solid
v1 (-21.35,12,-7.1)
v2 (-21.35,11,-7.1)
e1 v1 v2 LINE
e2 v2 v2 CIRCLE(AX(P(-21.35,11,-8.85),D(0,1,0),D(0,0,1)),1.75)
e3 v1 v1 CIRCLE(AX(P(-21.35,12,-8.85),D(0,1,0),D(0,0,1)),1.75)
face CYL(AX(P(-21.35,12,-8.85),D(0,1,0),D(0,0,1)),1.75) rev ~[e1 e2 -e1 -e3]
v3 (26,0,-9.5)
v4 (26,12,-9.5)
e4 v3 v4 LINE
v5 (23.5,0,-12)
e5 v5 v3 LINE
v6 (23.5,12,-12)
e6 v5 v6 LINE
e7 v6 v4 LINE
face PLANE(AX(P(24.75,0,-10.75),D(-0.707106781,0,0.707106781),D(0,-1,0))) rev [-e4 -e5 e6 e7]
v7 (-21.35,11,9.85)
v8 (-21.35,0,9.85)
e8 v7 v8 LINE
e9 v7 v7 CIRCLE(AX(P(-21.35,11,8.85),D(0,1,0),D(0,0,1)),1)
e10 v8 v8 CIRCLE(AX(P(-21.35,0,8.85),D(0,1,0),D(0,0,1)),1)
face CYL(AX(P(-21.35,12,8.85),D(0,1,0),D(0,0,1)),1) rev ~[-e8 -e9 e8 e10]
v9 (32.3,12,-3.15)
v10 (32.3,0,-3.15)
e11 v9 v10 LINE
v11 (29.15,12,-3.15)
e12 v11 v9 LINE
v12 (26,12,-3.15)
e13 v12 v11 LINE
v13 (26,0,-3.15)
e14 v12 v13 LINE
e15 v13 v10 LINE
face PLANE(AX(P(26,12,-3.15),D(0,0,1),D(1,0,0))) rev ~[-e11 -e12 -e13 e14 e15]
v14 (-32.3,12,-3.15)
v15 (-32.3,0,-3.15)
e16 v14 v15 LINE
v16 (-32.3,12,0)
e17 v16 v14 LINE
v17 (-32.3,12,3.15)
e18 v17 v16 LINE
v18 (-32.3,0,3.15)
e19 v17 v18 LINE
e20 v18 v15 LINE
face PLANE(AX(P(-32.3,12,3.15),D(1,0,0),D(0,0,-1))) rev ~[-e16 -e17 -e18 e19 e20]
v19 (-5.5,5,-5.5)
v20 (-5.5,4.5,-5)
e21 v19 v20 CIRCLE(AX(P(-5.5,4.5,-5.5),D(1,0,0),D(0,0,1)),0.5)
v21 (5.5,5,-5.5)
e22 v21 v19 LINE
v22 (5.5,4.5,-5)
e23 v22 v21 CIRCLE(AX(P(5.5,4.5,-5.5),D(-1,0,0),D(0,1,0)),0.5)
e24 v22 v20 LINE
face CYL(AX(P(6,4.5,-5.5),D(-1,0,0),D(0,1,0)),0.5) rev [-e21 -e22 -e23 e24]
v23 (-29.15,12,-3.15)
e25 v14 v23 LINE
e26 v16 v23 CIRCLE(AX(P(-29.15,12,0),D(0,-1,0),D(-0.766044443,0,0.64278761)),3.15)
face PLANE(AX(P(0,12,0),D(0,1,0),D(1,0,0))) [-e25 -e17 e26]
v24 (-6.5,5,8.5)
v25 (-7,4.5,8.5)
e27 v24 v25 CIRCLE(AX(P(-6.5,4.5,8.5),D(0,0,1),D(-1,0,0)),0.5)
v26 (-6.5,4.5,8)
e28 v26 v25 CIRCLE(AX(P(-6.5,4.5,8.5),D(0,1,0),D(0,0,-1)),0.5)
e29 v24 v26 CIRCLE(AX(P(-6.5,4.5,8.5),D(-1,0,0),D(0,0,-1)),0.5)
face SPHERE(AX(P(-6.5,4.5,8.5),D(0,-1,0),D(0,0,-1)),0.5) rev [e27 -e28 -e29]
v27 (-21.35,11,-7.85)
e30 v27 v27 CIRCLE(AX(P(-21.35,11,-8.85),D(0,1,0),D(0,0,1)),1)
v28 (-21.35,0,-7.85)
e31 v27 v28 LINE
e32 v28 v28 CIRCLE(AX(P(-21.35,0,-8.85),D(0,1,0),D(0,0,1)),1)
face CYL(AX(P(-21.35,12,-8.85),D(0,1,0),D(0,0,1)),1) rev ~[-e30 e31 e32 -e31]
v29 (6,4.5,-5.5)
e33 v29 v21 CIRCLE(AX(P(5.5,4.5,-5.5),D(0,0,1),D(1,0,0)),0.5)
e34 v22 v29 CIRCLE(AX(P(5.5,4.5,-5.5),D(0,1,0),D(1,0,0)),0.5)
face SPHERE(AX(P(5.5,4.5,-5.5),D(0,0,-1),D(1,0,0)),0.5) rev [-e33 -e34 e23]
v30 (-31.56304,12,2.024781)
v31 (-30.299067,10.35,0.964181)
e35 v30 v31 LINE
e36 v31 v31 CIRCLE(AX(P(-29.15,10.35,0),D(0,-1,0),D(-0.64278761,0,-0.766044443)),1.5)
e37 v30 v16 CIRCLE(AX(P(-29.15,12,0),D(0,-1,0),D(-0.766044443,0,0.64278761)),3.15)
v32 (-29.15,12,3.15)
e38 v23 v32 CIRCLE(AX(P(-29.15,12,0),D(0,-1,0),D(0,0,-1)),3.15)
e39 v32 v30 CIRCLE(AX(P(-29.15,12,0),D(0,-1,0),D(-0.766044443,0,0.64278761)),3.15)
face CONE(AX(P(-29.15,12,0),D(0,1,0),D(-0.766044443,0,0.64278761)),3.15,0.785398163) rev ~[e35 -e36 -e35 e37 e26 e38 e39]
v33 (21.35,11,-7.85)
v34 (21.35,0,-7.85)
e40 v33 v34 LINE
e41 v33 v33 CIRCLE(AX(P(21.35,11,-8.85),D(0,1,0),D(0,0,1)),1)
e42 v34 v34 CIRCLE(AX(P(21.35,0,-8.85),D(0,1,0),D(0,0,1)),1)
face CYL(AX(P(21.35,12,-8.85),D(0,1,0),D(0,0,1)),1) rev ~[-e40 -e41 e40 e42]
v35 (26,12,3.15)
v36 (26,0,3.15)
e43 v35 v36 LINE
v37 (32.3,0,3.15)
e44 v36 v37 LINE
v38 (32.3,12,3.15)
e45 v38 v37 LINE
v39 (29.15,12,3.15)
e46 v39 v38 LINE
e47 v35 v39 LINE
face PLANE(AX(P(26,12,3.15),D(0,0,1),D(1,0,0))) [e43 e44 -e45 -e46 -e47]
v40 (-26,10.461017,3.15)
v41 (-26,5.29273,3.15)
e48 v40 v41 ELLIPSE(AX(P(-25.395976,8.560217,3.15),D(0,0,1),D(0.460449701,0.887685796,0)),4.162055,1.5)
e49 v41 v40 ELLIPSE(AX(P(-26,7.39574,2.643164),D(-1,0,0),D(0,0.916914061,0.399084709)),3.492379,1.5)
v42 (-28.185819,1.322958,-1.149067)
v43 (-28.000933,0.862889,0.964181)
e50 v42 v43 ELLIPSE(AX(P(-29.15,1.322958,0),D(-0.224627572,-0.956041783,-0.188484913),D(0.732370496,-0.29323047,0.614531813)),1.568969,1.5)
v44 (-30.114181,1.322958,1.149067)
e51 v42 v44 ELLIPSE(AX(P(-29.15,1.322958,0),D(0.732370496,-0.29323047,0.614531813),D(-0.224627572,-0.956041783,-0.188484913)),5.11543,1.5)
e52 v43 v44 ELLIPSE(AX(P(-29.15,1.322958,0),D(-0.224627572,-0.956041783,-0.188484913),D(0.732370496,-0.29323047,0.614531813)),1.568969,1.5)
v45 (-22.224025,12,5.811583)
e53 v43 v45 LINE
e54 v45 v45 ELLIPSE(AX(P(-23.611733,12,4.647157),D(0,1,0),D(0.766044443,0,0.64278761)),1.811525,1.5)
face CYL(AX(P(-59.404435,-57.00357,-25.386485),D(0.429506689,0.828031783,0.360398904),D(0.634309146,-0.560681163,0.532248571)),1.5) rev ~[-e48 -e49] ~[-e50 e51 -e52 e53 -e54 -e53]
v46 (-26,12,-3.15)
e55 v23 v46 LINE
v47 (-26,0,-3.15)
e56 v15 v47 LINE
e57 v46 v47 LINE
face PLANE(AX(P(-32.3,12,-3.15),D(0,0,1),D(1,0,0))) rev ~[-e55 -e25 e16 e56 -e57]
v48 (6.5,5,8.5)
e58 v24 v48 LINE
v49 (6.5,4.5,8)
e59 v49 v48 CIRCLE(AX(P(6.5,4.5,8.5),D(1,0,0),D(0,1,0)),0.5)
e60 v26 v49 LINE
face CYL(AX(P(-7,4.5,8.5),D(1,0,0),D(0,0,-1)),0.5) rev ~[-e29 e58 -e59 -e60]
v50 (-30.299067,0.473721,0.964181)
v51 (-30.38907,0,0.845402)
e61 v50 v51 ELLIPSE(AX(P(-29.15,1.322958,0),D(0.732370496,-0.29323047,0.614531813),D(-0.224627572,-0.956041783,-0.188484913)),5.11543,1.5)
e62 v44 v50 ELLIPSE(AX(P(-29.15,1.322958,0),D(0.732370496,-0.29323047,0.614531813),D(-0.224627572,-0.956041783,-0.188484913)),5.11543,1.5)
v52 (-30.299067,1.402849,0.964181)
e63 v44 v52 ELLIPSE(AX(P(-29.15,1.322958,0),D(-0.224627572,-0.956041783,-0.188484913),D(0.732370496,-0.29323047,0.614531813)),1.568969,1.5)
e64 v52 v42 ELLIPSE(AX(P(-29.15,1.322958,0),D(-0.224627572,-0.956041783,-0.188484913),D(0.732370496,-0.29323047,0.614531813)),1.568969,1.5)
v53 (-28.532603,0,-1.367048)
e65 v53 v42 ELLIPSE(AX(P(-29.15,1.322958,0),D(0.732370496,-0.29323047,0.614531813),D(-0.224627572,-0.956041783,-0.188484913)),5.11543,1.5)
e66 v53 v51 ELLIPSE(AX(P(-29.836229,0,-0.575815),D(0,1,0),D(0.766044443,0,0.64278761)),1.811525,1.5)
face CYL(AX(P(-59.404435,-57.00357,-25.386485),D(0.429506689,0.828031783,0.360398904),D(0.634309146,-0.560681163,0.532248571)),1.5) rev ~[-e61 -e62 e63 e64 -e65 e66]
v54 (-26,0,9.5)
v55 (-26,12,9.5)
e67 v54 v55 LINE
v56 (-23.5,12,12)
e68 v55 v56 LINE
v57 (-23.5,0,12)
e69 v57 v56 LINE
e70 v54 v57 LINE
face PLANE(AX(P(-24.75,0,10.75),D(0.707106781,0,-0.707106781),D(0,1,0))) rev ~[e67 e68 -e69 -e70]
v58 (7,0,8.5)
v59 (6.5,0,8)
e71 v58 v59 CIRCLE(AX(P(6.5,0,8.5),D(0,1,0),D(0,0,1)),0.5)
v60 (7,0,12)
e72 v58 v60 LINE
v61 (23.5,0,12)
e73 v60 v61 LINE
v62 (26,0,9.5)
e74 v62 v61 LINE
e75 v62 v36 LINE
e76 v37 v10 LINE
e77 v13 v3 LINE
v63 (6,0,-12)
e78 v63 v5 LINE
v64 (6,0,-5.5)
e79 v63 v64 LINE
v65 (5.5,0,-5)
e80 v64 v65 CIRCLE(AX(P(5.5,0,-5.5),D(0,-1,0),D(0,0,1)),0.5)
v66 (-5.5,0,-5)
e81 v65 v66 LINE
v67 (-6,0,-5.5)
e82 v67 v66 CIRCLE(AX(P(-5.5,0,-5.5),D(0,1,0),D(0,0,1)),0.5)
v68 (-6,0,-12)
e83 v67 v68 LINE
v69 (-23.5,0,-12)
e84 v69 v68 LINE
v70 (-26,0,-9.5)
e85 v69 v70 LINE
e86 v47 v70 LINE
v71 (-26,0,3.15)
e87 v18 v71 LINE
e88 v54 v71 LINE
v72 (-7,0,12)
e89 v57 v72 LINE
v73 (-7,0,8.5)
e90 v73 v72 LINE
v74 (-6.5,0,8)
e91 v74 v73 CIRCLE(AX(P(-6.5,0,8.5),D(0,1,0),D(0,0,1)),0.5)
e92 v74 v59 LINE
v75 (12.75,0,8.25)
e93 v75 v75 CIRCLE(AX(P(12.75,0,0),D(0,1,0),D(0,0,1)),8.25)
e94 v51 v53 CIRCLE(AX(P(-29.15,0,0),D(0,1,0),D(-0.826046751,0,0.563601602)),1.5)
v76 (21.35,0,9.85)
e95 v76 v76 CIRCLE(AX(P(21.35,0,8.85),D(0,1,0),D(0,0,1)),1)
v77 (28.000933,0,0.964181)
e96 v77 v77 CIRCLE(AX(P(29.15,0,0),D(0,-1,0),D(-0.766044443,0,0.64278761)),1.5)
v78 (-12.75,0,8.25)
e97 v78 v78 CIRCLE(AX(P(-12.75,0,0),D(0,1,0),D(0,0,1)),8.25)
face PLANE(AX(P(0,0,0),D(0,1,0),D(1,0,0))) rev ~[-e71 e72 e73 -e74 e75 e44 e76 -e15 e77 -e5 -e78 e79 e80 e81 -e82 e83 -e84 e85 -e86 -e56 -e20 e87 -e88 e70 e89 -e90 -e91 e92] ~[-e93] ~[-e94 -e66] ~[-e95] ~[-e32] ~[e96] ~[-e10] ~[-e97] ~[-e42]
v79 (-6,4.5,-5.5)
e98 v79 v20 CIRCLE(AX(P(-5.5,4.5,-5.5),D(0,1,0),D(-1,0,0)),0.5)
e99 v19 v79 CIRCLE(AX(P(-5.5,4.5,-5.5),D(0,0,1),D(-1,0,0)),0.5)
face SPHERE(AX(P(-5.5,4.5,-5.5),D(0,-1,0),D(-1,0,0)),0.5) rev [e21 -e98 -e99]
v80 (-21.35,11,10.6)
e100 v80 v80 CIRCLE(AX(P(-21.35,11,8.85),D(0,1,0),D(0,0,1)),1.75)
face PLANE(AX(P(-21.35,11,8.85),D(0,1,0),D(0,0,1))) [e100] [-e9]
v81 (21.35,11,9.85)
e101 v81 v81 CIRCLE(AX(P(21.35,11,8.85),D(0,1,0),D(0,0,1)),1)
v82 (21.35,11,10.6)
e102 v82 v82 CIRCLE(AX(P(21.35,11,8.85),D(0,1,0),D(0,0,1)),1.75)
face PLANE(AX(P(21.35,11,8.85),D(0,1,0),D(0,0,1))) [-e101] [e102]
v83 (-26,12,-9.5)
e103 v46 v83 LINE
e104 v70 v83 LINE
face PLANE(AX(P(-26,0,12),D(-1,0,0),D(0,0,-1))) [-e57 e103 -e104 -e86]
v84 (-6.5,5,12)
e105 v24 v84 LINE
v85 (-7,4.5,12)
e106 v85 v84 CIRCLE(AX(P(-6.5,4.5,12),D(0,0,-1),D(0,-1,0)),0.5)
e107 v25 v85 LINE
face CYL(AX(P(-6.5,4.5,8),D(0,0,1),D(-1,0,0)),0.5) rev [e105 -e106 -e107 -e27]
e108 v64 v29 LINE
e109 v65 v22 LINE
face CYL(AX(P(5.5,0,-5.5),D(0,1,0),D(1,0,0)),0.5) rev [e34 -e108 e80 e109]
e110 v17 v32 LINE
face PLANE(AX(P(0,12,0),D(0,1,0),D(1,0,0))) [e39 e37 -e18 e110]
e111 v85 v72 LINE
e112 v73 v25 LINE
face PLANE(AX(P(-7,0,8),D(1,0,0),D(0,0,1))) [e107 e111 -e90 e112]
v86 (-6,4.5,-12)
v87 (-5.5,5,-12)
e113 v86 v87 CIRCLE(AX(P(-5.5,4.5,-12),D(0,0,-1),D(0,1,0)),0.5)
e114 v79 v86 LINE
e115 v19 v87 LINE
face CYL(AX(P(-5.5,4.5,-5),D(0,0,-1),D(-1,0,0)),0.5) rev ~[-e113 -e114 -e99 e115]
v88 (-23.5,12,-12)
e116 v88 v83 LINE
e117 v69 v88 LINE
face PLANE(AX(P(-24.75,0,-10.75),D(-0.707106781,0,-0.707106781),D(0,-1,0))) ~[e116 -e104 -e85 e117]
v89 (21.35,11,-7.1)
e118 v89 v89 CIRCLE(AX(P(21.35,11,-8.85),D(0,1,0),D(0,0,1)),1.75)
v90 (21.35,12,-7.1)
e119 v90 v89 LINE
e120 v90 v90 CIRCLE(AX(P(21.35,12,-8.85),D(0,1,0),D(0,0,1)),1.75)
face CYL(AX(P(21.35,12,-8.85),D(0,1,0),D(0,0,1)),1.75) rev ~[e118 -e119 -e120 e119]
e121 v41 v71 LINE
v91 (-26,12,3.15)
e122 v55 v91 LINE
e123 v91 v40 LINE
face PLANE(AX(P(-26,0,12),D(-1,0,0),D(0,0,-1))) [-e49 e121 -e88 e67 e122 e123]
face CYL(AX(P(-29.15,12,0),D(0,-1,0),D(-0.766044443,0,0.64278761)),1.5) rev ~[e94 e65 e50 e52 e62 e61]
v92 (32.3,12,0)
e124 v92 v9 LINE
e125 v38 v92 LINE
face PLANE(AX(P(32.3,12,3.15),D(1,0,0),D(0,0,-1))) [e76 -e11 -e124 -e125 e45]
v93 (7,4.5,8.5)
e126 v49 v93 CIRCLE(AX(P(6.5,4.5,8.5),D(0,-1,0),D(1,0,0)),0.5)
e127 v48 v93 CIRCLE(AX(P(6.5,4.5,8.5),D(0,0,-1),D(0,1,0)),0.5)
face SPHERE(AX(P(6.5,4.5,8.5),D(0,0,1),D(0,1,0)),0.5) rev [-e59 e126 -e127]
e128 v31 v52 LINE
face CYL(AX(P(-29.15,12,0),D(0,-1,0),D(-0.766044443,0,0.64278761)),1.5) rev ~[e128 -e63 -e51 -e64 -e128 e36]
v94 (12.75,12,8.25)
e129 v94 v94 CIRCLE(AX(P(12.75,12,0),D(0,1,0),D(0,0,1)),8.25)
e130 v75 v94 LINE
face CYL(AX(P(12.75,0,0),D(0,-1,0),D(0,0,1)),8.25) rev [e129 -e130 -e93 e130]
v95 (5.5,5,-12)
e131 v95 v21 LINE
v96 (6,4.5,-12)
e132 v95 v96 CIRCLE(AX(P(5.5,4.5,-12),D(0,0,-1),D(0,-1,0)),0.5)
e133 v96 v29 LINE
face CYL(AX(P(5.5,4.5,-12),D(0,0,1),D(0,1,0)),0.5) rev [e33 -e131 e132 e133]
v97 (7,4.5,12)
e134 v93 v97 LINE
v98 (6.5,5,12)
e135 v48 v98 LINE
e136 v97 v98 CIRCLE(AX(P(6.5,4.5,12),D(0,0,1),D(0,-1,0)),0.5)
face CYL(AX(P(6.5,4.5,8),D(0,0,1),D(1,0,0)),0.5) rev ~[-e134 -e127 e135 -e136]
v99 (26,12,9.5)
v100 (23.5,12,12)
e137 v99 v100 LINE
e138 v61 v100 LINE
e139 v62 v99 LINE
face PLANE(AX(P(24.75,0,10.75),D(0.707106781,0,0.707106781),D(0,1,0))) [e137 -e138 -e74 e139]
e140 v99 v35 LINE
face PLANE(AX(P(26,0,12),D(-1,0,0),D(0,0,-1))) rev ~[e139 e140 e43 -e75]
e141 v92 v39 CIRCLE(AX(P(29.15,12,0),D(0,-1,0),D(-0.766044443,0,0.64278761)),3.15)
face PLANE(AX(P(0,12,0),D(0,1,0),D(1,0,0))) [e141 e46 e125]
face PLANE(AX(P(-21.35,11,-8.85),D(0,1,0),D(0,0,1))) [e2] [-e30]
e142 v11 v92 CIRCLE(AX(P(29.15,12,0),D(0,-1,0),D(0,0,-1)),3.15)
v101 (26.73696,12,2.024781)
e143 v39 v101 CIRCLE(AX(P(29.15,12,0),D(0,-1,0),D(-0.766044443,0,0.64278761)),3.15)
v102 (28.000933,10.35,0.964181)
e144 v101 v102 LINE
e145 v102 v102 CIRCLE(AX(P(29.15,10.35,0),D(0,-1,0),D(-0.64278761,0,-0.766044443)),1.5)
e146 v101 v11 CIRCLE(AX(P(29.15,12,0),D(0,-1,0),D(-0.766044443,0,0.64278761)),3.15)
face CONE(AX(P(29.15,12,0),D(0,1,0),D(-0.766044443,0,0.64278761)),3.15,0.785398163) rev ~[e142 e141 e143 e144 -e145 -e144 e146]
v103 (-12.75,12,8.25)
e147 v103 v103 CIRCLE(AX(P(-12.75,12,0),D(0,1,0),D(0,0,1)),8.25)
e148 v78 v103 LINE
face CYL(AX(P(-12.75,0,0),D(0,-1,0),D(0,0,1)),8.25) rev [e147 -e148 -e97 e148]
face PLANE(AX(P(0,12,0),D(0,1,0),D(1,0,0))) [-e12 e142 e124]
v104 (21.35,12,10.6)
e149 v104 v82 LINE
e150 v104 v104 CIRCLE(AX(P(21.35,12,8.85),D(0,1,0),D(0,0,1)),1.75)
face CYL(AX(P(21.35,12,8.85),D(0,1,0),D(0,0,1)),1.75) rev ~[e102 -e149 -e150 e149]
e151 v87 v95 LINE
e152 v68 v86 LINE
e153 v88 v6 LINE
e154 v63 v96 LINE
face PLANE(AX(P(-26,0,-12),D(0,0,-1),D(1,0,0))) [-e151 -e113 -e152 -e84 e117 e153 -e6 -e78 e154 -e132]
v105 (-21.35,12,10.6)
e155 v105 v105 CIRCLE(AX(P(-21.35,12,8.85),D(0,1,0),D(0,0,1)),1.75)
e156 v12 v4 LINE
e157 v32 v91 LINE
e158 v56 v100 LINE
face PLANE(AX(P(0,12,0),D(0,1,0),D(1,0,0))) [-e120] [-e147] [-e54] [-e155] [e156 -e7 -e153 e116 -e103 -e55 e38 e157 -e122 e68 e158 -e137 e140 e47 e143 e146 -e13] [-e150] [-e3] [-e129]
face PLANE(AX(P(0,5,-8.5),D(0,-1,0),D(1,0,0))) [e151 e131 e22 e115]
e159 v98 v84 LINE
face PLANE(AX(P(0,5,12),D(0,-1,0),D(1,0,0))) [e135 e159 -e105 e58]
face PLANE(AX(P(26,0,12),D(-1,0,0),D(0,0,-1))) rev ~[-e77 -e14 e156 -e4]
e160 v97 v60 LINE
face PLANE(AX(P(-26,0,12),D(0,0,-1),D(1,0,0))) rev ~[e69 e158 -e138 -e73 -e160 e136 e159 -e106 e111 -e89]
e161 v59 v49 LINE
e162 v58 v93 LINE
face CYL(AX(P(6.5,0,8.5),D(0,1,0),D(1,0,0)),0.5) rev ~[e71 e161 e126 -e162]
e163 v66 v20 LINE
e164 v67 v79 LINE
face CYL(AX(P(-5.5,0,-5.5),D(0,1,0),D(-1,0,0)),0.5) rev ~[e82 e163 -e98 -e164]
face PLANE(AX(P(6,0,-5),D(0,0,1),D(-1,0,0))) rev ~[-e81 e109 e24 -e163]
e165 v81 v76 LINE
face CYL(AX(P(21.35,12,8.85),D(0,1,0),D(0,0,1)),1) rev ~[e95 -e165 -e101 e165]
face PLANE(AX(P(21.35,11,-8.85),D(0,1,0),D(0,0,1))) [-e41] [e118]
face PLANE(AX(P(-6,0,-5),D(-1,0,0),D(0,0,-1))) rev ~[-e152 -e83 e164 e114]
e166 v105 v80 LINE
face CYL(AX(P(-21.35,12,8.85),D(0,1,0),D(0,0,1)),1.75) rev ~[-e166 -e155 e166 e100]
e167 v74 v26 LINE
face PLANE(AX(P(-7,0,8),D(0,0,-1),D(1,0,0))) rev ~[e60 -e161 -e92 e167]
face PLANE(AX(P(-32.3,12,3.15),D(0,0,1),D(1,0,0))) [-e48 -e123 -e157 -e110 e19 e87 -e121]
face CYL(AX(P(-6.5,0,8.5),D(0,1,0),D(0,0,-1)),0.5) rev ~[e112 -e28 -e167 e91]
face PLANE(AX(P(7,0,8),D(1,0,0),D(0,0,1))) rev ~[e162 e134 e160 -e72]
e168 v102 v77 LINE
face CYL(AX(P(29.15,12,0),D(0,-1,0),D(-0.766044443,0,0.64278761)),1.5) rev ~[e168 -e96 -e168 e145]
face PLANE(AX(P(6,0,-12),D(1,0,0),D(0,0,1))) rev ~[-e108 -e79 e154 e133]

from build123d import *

# Parameters (mm, degrees)
SKETCH1_W                     = 52
SKETCH1_H                     = 24
SKETCH1_R                     = 8.25
BOSS_EXTRUDE1_DEPTH           = 12
SKETCH2_R                     = 1
CUT_EXTRUDE1_DEPTH            = 32.048349393
SKETCH3_R                     = 1.75
CUT_EXTRUDE2_DEPTH            = 1
CUT_EXTRUDE3_DEPTH            = 5
FILLET3_R                     = 0.5
CHAMFER1_SIZE                 = 2.5
SKETCH5_W                     = 14
SKETCH5_H                     = 8
CUT_EXTRUDE4_DEPTH            = 5
FILLET4_R                     = 0.5
SKETCH6_W                     = 6.3
SKETCH6_H                     = 6.3
BOSS_EXTRUDE2_DEPTH           = 12
CSK_FOR_M3_SFHCS1_D           = 3
CSK_FOR_M3_SFHCS1_CSINK_D     = 6.3
CSK_FOR_M3_SFHCS1_CSINK_ANGLE = 90
CSK_FOR_M3_SFHCS2_D           = 3
CSK_FOR_M3_SFHCS2_DEPTH       = 109.998865618
CSK_FOR_M3_SFHCS2_CSINK_D     = 6.3
CSK_FOR_M3_SFHCS2_CSINK_ANGLE = 90


with BuildPart() as part:
    # Sketch1 → Boss-Extrude1 (new body)
    with BuildSketch(Plane(origin=(0, 0, 0), x_dir=(1, 0, 0), z_dir=(0, 1, 0))):
        Rectangle(SKETCH1_W, SKETCH1_H)
        with Locations(Location((12.75, 0, 0), (0, 0, 270))):
            Circle(SKETCH1_R, mode=Mode.SUBTRACT)
        with Locations(Location((-12.75, 0, 0), (0, 0, 270))):
            Circle(SKETCH1_R, mode=Mode.SUBTRACT)
    extrude(amount=BOSS_EXTRUDE1_DEPTH)

    # Sketch2 → Cut-Extrude1 (cut, through all)
    with BuildSketch(Plane(origin=(0, 12, 0), x_dir=(1, 0, 0), z_dir=(0, 1, 0))):
        with Locations(Location((-21.35, 8.85, 0), (0, 0, 270))):
            Circle(SKETCH2_R)
        with Locations(Location((21.35, 8.85, 0), (0, 0, 270))):
            Circle(SKETCH2_R)
        with Locations(Location((21.35, -8.85, 0), (0, 0, 270))):
            Circle(SKETCH2_R)
        with Locations(Location((-21.35, -8.85, 0), (0, 0, 270))):
            Circle(SKETCH2_R)
    extrude(amount=-CUT_EXTRUDE1_DEPTH, mode=Mode.SUBTRACT)

    # Sketch3 → Cut-Extrude2 (cut)
    with BuildSketch(Plane(origin=(0, 12, 0), x_dir=(1, 0, 0), z_dir=(0, 1, 0))):
        with Locations(Location((-21.35, 8.85, 0), (0, 0, 270))):
            Circle(SKETCH3_R)
        with Locations(Location((21.35, 8.85, 0), (0, 0, 270))):
            Circle(SKETCH3_R)
        with Locations(Location((21.35, -8.85, 0), (0, 0, 270))):
            Circle(SKETCH3_R)
        with Locations(Location((-21.35, -8.85, 0), (0, 0, 270))):
            Circle(SKETCH3_R)
    extrude(amount=-CUT_EXTRUDE2_DEPTH, mode=Mode.SUBTRACT)

    # Sketch4 → Cut-Extrude3 (cut)
    with BuildSketch(Plane.XZ):
        Polygon((-6, -5), (-6, -12), (6, -12), (6, -5), (0, -5), align=None)
    extrude(amount=-CUT_EXTRUDE3_DEPTH, mode=Mode.SUBTRACT)

    # Fillet3
    fillet3_edges = [part.edges().sort_by_distance(p)[0] for p in [
        (-6, 2.5, -5),
        (6, 5, -8.5),
        (6, 2.5, -5),
        (-6, 5, -8.5),
        (0, 5, -5),
    ]]
    fillet(fillet3_edges, radius=FILLET3_R)

    # Chamfer1
    chamfer1_edges = [part.edges().sort_by_distance(p)[0] for p in [
        (26, 6, 12),
        (-26, 6, 12),
        (-26, 6, -12),
        (26, 6, -12),
    ]]
    chamfer(chamfer1_edges, length=CHAMFER1_SIZE)

    # Sketch5 → Cut-Extrude4 (cut)
    with BuildSketch(Plane.XZ):
        with Locations((0, 12)):
            Rectangle(SKETCH5_W, SKETCH5_H)
    extrude(amount=-CUT_EXTRUDE4_DEPTH, mode=Mode.SUBTRACT)

    # Fillet4
    fillet4_edges = [part.edges().sort_by_distance(p)[0] for p in [
        (-7, 2.5, 8),
        (7, 5, 10),
        (0, 5, 8),
        (-7, 5, 10),
        (7, 2.5, 8),
    ]]
    fillet(fillet4_edges, radius=FILLET4_R)

    # Sketch6 → Boss-Extrude2 (add)
    with BuildSketch(Plane(origin=(0, 12, 0), x_dir=(1, 0, 0), z_dir=(0, 1, 0))):
        with Locations((-29.15, 0)):
            Rectangle(SKETCH6_W, SKETCH6_H)
        with Locations((29.15, 0)):
            Rectangle(SKETCH6_W, SKETCH6_H)
    extrude(amount=-BOSS_EXTRUDE2_DEPTH)

    # CSK for M3 SFHCS1 (through all)
    with Locations(Plane(origin=(1490.377712475, 12, 7.825775805), x_dir=(0.766044443118983, 0, -0.6427876096865334), z_dir=(0, 1, 0))):
        with Locations((-1114.335057549, 945.253960578), (-1158.995448583, 982.728478223)):
            CounterSinkHole(CSK_FOR_M3_SFHCS1_D / 2, CSK_FOR_M3_SFHCS1_CSINK_D / 2, counter_sink_angle=CSK_FOR_M3_SFHCS1_CSINK_ANGLE)

    # CSK for M3 SFHCS2
    with Locations(Plane(origin=(-1373.834887972, 567.783106147, 105.616816862), x_dir=(-0.6343091461006837, 0.5606811628058592, -0.5322485705454655), z_dir=(-0.42950668912891715, -0.8280317830099698, -0.3603989044362456))):
        with Locations((-1114.335057549, 945.253960578), (-1158.995448583, 982.728478223)):
            CounterSinkHole(CSK_FOR_M3_SFHCS2_D / 2, CSK_FOR_M3_SFHCS2_CSINK_D / 2, depth=CSK_FOR_M3_SFHCS2_DEPTH, counter_sink_angle=CSK_FOR_M3_SFHCS2_CSINK_ANGLE)


solid = part.part
